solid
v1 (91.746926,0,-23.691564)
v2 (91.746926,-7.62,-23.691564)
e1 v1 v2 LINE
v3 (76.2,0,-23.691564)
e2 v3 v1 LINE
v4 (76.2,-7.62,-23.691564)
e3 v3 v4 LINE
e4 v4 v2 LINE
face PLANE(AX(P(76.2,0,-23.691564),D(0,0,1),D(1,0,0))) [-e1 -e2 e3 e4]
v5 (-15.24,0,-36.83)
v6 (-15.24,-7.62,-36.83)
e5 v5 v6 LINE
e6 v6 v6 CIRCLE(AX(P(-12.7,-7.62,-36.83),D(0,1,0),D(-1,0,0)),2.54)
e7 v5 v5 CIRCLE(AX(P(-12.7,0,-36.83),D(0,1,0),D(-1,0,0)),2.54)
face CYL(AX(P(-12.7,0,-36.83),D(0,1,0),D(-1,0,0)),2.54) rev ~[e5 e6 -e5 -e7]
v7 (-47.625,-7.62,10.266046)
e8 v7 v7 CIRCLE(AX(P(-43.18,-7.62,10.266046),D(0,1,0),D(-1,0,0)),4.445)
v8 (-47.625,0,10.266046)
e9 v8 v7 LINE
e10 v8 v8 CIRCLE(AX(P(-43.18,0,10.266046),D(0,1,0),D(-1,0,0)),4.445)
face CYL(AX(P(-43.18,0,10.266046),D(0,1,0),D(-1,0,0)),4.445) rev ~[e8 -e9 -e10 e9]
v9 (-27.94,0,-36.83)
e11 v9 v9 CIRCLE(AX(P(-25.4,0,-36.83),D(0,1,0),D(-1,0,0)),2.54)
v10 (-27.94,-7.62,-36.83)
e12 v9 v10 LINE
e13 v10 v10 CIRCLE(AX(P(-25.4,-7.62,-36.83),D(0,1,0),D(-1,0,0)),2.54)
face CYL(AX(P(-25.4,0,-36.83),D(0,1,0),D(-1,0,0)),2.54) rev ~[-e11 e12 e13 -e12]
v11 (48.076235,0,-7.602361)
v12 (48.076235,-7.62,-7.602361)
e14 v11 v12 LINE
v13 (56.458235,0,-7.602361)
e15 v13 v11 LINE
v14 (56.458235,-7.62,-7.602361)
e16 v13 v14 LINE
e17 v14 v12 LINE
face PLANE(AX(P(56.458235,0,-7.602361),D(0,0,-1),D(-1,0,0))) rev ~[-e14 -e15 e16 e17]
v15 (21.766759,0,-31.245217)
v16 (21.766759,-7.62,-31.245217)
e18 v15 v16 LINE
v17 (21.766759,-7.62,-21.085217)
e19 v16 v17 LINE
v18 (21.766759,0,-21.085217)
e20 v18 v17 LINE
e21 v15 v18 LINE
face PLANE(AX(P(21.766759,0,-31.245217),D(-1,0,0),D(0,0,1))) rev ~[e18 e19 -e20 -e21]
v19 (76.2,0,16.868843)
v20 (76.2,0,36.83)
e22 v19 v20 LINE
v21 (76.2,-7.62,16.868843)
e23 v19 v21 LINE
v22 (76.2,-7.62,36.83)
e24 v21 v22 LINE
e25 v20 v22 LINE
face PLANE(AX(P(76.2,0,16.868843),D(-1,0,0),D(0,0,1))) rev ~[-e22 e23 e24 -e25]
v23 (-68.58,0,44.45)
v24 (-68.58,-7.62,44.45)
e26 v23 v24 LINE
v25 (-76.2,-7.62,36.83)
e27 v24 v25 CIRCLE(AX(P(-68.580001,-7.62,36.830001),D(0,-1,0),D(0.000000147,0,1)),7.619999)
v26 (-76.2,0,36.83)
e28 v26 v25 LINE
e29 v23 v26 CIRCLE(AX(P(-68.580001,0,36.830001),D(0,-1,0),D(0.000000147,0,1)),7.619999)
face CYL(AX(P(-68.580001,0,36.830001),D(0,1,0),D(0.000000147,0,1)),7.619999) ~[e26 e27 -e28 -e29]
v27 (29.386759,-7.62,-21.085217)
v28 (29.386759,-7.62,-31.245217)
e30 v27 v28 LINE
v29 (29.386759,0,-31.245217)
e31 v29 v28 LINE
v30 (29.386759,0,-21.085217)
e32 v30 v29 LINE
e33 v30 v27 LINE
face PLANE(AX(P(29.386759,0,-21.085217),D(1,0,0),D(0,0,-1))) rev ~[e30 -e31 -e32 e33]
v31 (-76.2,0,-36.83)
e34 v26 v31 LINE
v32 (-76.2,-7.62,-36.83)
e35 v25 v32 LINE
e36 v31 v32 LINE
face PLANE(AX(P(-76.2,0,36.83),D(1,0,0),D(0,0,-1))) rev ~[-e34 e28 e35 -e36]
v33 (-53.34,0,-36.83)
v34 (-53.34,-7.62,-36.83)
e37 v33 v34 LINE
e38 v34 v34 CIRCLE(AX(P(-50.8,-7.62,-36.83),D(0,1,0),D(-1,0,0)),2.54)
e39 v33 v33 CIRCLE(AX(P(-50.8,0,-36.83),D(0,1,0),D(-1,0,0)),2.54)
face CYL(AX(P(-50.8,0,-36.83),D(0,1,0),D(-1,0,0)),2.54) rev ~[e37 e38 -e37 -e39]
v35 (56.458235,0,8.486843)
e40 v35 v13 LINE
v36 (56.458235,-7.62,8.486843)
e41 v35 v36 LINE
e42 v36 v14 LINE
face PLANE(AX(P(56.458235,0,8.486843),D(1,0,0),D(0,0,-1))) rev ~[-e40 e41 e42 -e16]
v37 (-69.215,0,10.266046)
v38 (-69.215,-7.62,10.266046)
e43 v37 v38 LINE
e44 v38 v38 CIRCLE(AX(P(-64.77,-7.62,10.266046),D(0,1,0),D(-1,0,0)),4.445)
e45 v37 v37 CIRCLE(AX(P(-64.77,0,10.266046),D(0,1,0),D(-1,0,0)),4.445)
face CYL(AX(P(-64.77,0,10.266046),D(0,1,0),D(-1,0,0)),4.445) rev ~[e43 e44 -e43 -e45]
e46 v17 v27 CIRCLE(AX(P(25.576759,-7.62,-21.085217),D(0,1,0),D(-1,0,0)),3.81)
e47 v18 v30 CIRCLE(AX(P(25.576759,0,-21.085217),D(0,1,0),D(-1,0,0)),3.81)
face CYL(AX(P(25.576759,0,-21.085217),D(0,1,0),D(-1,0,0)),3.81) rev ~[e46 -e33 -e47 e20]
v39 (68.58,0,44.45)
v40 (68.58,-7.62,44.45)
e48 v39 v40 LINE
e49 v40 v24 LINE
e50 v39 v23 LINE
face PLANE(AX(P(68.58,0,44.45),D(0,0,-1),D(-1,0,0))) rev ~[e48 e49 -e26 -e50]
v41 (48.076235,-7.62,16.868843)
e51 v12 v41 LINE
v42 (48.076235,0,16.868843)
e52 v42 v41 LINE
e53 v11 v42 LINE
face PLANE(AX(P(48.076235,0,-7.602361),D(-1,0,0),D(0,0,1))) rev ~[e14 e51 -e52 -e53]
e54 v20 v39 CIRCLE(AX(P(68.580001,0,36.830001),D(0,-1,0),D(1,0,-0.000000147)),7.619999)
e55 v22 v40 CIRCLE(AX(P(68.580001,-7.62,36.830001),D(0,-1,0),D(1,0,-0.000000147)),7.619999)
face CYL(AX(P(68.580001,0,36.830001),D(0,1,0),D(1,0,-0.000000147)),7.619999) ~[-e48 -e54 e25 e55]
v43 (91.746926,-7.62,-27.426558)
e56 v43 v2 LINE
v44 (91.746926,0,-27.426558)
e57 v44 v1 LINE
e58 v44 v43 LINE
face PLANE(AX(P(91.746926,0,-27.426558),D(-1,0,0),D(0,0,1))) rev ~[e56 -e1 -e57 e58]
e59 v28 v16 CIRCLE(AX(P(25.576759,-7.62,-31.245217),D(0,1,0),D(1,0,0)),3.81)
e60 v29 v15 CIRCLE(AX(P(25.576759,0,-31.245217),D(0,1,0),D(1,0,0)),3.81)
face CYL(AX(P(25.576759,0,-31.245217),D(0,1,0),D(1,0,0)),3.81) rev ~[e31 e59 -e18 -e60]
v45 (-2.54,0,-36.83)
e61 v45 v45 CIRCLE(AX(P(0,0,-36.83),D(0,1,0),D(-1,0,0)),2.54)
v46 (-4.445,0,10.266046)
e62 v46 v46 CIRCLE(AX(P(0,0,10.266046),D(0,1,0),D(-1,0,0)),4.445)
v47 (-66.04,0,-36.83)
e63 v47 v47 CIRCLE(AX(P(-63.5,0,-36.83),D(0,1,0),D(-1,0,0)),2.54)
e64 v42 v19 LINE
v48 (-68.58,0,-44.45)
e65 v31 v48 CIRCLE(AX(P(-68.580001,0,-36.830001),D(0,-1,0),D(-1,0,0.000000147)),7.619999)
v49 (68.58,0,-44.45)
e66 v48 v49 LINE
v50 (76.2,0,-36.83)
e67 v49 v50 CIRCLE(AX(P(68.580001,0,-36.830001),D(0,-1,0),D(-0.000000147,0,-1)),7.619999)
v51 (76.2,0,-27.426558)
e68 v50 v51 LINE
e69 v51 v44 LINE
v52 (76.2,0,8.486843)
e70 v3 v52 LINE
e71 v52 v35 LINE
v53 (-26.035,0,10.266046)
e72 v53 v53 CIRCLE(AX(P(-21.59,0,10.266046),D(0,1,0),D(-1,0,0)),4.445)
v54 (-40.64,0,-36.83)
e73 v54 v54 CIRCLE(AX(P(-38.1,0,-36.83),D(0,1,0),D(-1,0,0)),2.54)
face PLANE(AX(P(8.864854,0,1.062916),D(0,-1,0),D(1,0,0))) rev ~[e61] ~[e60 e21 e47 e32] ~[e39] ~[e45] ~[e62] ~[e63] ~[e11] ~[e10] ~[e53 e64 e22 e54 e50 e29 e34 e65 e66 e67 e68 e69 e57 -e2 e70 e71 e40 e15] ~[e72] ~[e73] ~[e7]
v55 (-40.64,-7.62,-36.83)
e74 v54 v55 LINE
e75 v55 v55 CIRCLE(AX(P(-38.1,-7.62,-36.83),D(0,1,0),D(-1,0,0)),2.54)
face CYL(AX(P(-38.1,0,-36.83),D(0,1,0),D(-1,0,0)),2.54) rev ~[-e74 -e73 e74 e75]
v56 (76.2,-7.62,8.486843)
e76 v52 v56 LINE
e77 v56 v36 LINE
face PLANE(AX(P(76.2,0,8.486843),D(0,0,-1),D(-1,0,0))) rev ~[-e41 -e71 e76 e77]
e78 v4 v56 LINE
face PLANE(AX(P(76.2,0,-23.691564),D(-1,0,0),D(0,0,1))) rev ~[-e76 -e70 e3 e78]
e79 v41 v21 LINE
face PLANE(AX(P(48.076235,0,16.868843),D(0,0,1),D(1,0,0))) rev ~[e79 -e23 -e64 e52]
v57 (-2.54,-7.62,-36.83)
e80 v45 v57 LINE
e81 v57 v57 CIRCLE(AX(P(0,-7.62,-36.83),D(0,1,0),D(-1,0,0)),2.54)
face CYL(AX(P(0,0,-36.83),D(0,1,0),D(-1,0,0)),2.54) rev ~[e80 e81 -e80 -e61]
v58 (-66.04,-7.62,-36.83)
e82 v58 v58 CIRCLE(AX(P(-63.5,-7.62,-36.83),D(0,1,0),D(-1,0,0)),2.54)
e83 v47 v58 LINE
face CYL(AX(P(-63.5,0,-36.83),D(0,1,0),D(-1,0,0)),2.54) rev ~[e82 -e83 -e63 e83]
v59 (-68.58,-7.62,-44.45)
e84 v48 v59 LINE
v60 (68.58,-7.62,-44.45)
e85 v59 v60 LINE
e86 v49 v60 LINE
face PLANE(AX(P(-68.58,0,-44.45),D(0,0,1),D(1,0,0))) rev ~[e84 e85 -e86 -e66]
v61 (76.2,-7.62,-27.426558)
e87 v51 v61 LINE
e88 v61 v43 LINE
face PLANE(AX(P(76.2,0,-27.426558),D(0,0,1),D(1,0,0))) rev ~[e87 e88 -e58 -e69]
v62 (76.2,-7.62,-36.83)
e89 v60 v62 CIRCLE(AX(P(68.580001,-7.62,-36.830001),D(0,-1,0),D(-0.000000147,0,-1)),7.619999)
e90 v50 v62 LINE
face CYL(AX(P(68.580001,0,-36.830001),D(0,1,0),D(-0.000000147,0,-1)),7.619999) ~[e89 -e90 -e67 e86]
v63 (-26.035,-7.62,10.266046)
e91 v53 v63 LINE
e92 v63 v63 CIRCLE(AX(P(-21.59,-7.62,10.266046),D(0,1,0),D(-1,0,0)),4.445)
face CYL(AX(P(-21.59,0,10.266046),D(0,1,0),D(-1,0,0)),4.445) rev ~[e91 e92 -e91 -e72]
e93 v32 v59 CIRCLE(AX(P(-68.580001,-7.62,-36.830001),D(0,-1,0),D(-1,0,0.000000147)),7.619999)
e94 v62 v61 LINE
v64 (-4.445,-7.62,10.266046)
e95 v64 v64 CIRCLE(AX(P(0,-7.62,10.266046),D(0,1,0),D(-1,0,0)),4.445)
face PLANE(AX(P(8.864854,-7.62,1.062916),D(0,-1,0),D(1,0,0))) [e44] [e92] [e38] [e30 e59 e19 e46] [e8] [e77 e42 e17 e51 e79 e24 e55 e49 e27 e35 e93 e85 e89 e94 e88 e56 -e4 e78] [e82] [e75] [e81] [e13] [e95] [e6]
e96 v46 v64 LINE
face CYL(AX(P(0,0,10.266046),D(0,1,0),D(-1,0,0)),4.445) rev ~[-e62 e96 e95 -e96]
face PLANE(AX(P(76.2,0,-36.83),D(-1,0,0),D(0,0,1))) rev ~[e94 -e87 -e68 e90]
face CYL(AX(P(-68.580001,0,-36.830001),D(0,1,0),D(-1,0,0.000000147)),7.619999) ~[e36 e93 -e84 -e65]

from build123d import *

# Parameters (mm, degrees)
F0_W     = 15.546926
F0_H     = 3.734995
F1_DEPTH = 7.62


with BuildPart() as f1:
    # F0 (on Front) → F1 (new body)
    with BuildSketch(Plane.XZ):
        with BuildLine():
            ThreePointArc((76.2, 36.83), (73.968154, 42.218154), (68.58, 44.45))
            Line((68.58, 44.45), (-68.58, 44.45))
            ThreePointArc((-68.58, 44.45), (-73.968154, 42.218154), (-76.2, 36.83))
            Line((-76.2, 36.83), (-76.2, 10.266046))
            Line((-76.2, 10.266046), (-76.2, -36.83))
            ThreePointArc((-76.2, -36.83), (-73.968154, -42.218154), (-68.58, -44.45))
            Line((-68.58, -44.45), (68.58, -44.45))
            ThreePointArc((68.58, -44.45), (73.968154, -42.218154), (76.2, -36.83))
            Line((76.2, -36.83), (76.2, -27.426558))
            Line((76.2, -27.426558), (76.2, -23.691563))
            Line((76.2, -23.691563), (76.2, 8.486843))
            Line((76.2, 8.486843), (56.458235, 8.486843))
            Line((56.458235, 8.486843), (56.458235, -7.602361))
            Line((56.458235, -7.602361), (48.076235, -7.602361))
            Line((48.076235, -7.602361), (48.076235, 8.486843))
            Line((48.076235, 8.486843), (48.076235, 16.868843))
            Line((48.076235, 16.868843), (56.458235, 16.868843))
            Line((56.458235, 16.868843), (76.2, 16.868843))
            Line((76.2, 16.868843), (76.2, 36.83))
        make_face()
        with BuildLine():
            ThreePointArc((-60.96, -36.83), (-63.5, -39.37), (-66.04, -36.83))
            ThreePointArc((-66.04, -36.83), (-63.5, -34.29), (-60.96, -36.83))
        make_face(mode=Mode.SUBTRACT)
        with BuildLine():
            ThreePointArc((-48.26, -36.83), (-50.8, -39.37), (-53.34, -36.83))
            ThreePointArc((-53.34, -36.83), (-50.8, -34.29), (-48.26, -36.83))
        make_face(mode=Mode.SUBTRACT)
        with BuildLine():
            ThreePointArc((-35.56, -36.83), (-38.1, -39.37), (-40.64, -36.83))
            ThreePointArc((-40.64, -36.83), (-38.1, -34.29), (-35.56, -36.83))
        make_face(mode=Mode.SUBTRACT)
        with BuildLine():
            ThreePointArc((-22.86, -36.83), (-25.4, -39.37), (-27.94, -36.83))
            ThreePointArc((-27.94, -36.83), (-25.4, -34.29), (-22.86, -36.83))
        make_face(mode=Mode.SUBTRACT)
        with BuildLine():
            ThreePointArc((-10.16, -36.83), (-12.7, -39.37), (-15.24, -36.83))
            ThreePointArc((-15.24, -36.83), (-12.7, -34.29), (-10.16, -36.83))
        make_face(mode=Mode.SUBTRACT)
        with BuildLine():
            ThreePointArc((2.54, -36.83), (0, -39.37), (-2.54, -36.83))
            ThreePointArc((-2.54, -36.83), (0, -34.29), (2.54, -36.83))
        make_face(mode=Mode.SUBTRACT)
        with BuildLine():
            ThreePointArc((29.386759, -31.245217), (25.576759, -35.055217), (21.766759, -31.245217))
            Line((21.766759, -31.245217), (21.766759, -21.085217))
            ThreePointArc((21.766759, -21.085217), (25.576759, -17.275217), (29.386759, -21.085217))
            Line((29.386759, -21.085217), (29.386759, -31.245217))
        make_face(mode=Mode.SUBTRACT)
        with BuildLine():
            ThreePointArc((-60.325, 10.266046), (-64.77, 5.821046), (-69.215, 10.266046))
            ThreePointArc((-69.215, 10.266046), (-64.77, 14.711046), (-60.325, 10.266046))
        make_face(mode=Mode.SUBTRACT)
        with BuildLine():
            ThreePointArc((-38.735, 10.266046), (-43.18, 5.821046), (-47.625, 10.266046))
            ThreePointArc((-47.625, 10.266046), (-43.18, 14.711046), (-38.735, 10.266046))
        make_face(mode=Mode.SUBTRACT)
        with BuildLine():
            ThreePointArc((-17.145, 10.266046), (-21.59, 5.821046), (-26.035, 10.266046))
            ThreePointArc((-26.035, 10.266046), (-21.59, 14.711046), (-17.145, 10.266046))
        make_face(mode=Mode.SUBTRACT)
        with BuildLine():
            ThreePointArc((4.445, 10.266046), (0, 5.821046), (-4.445, 10.266046))
            ThreePointArc((-4.445, 10.266046), (0, 14.711046), (4.445, 10.266046))
        make_face(mode=Mode.SUBTRACT)
        with Locations((83.973463, -25.559061)):
            Rectangle(F0_W, F0_H)
    extrude(amount=F1_DEPTH)


solid = f1.part
